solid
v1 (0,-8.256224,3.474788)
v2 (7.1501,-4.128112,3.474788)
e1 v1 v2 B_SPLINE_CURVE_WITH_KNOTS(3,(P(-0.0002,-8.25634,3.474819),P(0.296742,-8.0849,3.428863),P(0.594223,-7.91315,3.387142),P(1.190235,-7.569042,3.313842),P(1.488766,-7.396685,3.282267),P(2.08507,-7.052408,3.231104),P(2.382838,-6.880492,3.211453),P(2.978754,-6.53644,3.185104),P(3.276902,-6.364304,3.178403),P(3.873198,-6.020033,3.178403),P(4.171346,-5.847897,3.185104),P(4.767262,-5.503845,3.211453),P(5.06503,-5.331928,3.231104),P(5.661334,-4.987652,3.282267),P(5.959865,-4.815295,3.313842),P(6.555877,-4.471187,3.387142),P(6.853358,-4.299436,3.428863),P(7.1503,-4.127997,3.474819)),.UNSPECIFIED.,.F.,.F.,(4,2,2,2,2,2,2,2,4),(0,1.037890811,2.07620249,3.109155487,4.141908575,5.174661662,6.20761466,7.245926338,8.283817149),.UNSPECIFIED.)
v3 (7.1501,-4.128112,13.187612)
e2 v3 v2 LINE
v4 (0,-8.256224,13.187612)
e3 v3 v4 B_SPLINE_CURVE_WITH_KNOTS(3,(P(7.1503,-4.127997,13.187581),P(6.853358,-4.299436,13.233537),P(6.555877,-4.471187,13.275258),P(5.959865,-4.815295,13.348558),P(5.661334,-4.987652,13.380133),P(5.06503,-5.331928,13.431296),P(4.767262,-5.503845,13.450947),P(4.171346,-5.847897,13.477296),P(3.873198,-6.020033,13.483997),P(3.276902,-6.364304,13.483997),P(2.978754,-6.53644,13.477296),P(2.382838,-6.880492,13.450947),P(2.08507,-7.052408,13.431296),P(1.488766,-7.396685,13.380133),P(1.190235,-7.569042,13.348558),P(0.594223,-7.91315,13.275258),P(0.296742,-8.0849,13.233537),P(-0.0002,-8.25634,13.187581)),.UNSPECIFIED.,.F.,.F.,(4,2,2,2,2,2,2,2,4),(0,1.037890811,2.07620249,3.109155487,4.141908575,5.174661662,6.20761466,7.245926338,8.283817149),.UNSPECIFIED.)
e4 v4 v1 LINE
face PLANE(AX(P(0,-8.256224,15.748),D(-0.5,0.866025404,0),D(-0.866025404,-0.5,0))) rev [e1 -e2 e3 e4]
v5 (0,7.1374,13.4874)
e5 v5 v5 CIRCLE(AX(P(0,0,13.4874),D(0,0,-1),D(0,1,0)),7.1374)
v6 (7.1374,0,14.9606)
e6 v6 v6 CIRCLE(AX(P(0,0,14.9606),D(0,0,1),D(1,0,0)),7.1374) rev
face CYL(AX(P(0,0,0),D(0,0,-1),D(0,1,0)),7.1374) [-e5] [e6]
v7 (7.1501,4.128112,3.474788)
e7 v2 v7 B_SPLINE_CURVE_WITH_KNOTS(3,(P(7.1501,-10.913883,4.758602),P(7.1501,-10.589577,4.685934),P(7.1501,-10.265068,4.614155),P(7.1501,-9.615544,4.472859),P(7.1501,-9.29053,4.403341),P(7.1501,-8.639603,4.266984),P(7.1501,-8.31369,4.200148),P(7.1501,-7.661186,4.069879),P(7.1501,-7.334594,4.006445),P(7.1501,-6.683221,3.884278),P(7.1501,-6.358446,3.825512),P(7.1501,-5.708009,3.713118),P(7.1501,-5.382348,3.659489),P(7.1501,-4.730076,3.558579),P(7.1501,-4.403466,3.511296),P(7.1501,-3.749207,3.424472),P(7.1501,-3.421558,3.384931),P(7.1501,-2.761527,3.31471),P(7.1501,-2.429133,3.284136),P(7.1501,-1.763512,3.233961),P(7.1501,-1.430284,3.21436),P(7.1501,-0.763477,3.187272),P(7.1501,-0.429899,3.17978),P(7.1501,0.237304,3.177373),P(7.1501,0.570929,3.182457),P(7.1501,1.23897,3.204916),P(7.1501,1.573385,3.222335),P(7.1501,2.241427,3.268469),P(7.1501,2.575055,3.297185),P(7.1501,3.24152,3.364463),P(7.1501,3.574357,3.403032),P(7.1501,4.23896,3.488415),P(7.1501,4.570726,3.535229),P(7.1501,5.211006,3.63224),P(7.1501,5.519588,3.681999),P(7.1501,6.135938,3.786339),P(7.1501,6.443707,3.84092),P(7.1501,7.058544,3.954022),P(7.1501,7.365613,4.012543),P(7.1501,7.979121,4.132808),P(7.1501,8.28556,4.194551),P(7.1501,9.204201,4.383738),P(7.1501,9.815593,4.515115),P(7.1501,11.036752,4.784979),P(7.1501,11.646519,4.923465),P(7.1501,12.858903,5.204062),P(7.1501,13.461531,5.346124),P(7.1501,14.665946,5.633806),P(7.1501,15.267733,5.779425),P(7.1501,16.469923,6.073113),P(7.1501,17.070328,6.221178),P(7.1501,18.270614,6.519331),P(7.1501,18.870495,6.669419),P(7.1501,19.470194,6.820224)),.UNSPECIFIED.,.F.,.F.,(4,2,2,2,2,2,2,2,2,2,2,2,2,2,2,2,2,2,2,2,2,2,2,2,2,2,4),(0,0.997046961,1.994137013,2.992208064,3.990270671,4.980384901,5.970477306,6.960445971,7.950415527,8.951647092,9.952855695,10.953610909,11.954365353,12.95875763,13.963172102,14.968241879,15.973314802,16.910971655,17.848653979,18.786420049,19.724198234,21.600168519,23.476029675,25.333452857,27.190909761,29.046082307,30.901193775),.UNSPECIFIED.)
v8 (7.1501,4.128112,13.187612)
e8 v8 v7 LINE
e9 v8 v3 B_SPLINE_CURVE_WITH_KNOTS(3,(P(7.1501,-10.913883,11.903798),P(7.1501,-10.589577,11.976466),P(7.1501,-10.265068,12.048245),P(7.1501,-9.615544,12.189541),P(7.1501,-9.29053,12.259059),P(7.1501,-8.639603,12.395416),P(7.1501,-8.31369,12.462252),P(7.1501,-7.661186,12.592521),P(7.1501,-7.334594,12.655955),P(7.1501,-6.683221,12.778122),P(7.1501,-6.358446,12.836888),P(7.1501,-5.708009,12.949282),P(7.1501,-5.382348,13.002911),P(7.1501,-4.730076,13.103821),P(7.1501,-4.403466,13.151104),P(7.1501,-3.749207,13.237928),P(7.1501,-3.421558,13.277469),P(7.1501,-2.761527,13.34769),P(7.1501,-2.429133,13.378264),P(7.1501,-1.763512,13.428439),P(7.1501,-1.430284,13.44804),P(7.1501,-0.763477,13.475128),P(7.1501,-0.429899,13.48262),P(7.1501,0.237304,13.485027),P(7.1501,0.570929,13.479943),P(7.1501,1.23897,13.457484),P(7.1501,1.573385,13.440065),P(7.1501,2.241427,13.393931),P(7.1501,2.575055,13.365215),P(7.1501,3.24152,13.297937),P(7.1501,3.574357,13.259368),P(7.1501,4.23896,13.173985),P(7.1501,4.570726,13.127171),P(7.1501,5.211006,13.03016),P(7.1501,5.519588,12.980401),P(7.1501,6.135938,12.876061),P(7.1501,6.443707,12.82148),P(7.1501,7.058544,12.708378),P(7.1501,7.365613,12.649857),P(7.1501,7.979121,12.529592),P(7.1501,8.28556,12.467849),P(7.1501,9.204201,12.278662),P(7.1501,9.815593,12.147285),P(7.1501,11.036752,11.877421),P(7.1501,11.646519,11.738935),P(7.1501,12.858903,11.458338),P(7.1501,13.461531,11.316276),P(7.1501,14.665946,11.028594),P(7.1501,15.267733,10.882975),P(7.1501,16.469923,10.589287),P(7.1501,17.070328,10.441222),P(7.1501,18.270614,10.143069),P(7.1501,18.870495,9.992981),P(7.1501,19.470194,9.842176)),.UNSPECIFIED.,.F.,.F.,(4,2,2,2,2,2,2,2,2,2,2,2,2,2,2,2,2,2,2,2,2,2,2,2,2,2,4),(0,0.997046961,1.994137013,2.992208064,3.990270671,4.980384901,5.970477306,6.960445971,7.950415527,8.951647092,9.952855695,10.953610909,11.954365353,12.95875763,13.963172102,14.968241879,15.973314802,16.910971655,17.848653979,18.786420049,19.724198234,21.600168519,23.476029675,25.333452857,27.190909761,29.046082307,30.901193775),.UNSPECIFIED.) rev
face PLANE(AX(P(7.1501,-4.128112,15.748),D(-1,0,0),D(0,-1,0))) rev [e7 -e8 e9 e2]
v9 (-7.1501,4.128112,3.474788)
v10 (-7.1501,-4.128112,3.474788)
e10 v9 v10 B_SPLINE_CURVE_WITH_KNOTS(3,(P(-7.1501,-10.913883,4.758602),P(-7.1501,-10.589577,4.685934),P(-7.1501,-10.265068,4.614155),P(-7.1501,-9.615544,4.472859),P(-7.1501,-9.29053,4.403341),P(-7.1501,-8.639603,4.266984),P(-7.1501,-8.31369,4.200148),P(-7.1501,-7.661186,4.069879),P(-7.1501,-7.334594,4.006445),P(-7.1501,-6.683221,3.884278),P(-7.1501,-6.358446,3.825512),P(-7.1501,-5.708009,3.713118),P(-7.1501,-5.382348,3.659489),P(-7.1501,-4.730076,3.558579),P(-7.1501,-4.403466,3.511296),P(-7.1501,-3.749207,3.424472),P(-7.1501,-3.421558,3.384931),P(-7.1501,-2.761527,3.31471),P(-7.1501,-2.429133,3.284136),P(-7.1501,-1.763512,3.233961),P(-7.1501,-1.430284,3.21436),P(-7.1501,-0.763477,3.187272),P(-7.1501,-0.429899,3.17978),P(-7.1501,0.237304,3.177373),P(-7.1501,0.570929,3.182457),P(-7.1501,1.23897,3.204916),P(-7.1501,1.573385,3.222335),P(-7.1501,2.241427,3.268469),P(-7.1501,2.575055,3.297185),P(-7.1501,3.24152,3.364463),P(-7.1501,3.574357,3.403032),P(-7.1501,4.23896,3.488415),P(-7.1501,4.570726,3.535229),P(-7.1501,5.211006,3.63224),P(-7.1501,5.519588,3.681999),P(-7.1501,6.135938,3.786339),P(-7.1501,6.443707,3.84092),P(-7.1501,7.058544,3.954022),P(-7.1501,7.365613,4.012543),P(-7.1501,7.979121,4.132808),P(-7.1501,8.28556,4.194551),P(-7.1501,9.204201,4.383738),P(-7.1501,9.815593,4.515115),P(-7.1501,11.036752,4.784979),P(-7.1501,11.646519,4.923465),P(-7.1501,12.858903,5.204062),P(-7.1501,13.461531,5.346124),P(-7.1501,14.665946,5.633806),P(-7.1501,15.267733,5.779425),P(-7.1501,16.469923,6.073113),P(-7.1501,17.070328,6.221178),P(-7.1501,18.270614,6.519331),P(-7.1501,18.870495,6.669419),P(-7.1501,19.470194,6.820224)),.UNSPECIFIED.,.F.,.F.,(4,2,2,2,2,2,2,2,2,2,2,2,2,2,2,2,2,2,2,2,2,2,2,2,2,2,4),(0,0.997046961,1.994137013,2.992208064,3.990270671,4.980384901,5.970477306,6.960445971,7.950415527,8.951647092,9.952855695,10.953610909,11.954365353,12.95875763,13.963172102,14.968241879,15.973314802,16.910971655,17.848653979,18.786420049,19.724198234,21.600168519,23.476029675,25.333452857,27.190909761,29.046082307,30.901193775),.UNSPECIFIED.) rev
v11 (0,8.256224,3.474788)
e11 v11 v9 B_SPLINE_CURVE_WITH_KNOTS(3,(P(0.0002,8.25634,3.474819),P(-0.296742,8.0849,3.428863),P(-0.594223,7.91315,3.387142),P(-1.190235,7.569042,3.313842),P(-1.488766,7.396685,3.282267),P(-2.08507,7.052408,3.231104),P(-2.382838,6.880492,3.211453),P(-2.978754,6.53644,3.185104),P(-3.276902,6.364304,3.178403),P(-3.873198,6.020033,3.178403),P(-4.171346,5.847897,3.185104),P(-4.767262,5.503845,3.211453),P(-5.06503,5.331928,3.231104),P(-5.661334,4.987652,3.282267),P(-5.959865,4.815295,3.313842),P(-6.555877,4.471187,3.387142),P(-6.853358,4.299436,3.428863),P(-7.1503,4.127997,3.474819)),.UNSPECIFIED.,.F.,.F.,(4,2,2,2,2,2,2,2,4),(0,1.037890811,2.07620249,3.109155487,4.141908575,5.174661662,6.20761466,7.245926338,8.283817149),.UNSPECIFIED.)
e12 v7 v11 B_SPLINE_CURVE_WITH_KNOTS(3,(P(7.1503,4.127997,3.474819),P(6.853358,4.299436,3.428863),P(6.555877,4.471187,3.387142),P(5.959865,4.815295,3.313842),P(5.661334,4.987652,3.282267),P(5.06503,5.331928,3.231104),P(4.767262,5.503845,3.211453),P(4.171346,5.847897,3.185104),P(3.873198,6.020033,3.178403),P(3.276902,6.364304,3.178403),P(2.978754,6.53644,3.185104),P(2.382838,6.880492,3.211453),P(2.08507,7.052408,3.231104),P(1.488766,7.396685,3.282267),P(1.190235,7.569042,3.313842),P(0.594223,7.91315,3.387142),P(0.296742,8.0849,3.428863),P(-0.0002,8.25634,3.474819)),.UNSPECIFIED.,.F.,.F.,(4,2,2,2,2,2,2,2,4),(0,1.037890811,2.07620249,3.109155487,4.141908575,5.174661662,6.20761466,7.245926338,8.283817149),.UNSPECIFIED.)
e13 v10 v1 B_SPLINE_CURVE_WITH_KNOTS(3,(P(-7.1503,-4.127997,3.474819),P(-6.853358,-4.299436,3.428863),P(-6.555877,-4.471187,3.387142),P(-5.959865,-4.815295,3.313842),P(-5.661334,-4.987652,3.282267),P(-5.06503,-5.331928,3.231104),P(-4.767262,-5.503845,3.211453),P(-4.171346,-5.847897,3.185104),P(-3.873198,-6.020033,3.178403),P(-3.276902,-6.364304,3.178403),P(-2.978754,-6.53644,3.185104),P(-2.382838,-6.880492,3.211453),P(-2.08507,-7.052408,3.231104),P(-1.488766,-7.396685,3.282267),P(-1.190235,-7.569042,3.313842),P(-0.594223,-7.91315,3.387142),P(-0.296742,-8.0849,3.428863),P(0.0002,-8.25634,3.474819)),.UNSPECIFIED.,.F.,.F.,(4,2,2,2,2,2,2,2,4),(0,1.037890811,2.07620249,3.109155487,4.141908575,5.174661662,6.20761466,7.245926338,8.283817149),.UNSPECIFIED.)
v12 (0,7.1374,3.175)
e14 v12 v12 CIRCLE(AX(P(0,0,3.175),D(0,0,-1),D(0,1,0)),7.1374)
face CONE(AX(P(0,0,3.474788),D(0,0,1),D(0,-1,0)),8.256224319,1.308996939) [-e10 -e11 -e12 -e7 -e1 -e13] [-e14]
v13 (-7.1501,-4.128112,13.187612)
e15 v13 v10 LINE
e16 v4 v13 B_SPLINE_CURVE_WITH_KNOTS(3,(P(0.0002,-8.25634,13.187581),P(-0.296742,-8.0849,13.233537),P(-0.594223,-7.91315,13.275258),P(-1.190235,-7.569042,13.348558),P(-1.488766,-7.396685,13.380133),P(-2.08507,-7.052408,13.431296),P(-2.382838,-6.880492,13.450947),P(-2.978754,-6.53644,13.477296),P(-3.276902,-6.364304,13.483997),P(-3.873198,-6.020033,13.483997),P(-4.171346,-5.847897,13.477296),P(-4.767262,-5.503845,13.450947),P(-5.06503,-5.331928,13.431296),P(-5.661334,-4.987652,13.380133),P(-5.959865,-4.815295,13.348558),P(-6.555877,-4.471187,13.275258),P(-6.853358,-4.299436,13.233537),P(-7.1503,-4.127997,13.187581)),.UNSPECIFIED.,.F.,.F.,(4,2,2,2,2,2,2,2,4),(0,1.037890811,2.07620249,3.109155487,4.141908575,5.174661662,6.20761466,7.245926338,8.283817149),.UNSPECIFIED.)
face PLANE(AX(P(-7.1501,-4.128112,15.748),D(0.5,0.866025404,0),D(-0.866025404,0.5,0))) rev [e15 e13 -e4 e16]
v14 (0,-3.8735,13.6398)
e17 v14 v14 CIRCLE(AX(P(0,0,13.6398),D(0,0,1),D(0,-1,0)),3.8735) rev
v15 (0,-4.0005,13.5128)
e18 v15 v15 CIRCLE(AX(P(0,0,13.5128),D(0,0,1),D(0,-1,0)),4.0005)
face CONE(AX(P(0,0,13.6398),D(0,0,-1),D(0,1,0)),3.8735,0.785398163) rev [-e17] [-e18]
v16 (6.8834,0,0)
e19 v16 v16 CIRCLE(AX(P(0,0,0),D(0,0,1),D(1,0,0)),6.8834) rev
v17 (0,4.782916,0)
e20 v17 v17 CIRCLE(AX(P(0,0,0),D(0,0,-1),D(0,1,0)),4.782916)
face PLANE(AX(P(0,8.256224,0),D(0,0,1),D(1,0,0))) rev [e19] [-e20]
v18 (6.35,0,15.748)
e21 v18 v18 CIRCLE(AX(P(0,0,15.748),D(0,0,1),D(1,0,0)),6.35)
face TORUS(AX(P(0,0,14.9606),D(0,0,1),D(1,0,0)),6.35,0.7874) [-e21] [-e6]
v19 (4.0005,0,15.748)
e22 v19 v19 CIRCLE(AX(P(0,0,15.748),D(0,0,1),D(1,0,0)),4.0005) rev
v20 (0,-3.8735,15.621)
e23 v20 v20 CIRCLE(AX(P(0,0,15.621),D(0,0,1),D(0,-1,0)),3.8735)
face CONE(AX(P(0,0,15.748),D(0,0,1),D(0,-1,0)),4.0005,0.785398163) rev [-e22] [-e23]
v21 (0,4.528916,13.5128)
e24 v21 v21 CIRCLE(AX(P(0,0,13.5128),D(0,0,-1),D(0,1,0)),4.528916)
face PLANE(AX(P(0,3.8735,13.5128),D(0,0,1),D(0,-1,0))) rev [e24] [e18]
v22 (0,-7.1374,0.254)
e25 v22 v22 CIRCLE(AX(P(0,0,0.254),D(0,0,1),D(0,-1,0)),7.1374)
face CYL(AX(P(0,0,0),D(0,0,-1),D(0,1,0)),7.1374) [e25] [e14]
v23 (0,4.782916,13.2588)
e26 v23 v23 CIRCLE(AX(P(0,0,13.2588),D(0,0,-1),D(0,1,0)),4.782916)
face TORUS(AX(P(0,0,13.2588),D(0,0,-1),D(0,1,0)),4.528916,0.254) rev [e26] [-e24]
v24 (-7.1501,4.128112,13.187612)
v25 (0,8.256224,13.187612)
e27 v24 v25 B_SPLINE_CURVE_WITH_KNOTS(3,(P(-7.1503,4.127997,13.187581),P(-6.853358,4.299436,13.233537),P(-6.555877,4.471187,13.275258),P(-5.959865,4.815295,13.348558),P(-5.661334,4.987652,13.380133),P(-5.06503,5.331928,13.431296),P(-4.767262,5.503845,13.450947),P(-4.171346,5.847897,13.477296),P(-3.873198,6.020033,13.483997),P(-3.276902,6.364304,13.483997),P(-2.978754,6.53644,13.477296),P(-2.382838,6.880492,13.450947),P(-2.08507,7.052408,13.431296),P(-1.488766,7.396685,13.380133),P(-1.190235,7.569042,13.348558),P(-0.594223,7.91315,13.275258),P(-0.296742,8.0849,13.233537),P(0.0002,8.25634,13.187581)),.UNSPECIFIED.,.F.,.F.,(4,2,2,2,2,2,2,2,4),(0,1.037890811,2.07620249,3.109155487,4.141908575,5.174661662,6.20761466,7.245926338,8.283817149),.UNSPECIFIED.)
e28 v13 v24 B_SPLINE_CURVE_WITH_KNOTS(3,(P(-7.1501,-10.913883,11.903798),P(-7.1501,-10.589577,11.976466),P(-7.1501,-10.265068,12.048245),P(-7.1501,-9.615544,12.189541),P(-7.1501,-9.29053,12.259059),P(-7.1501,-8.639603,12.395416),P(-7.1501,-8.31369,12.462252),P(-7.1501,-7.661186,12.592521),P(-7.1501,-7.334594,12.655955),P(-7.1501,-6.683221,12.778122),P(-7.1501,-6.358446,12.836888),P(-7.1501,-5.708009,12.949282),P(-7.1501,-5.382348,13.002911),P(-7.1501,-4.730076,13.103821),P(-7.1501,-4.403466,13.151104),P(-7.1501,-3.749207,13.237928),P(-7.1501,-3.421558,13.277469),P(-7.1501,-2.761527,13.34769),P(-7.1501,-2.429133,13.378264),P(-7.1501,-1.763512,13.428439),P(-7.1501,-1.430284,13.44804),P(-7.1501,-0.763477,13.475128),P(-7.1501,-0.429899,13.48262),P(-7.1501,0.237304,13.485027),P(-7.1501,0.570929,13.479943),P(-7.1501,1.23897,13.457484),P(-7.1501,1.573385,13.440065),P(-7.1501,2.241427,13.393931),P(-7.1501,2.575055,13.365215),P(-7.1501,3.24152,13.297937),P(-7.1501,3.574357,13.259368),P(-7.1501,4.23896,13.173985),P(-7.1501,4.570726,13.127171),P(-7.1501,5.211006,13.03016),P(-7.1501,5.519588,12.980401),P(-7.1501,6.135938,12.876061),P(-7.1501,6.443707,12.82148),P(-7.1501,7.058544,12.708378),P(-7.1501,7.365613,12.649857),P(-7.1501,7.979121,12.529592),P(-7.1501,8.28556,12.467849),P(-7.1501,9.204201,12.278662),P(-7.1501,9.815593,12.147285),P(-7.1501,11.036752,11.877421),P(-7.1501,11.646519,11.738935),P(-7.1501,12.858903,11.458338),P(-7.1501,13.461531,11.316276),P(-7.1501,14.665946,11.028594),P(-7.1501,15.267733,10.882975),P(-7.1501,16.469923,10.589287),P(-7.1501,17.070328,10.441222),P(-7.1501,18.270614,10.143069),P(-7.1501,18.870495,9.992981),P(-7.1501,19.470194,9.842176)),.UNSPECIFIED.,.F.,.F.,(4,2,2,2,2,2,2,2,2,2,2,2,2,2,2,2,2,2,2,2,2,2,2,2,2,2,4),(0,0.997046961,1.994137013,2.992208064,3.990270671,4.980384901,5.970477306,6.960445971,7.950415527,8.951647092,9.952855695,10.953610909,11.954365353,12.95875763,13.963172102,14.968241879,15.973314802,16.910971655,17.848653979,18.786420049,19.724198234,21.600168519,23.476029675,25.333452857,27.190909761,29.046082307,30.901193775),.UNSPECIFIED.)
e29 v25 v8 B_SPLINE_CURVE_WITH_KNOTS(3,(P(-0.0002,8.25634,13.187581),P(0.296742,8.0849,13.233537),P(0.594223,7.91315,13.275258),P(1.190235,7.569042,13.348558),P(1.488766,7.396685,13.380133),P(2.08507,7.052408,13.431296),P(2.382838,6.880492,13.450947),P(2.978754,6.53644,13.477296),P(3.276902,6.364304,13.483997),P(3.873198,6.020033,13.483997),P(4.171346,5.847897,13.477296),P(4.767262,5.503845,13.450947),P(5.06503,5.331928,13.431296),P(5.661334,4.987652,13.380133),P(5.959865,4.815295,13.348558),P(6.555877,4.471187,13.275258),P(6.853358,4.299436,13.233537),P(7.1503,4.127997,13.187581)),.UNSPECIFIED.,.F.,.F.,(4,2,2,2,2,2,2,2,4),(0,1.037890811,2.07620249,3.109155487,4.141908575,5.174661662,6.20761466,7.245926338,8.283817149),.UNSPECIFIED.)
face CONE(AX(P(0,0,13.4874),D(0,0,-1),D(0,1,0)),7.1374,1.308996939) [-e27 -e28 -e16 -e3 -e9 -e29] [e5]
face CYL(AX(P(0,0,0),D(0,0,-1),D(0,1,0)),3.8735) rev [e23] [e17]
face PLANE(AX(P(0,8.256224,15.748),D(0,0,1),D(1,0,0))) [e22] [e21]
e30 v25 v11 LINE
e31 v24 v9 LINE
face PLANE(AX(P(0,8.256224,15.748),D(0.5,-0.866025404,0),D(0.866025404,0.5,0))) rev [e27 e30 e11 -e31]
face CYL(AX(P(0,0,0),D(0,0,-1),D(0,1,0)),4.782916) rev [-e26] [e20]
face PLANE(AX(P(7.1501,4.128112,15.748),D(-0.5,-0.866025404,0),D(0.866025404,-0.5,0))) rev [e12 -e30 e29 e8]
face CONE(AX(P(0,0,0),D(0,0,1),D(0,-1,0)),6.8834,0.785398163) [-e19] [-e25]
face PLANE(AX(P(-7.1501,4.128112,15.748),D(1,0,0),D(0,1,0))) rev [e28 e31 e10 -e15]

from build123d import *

# Parameters (mm, degrees)
BOSS_EXTRUDE1_DEPTH = 15.748
FILLET1_R           = 0.7874
CHAMFER1_SIZE       = 0.254
CHAMFER2_SIZE       = 0.127


with BuildPart() as part:
    # Sketch1 → Boss-Extrude1 (new body)
    with BuildSketch(Plane.XY):
        Polygon((0, 8.256224319), (-7.1501, 4.12811216), (-7.1501, -4.12811216), (0, -8.256224319), (7.1501, -4.12811216), (7.1501, 4.12811216), align=None)
    extrude(amount=BOSS_EXTRUDE1_DEPTH)

    # Sketch2 → Cut-Revolve1 (revolve, cut)
    with BuildSketch(Plane(origin=(0, 0, 0), x_dir=(0, 0, -1), z_dir=(1, 0, 0))):
        Polygon((-15.748, 9.375048639), (-15.748, 7.1374), (-13.4874, 7.1374), (-13.187611927, 8.256224319), (-3.474788073, 8.256224319), (-3.175, 7.1374), (0, 7.1374), (0, 9.375048639), align=None)
        with BuildLine():
            Line((-15.748, 3.8735), (-15.748, 0))
            Line((-15.748, 0), (0, 0))
            Line((0, 0), (0, 4.782916378))
            Line((0, 4.782916378), (-13.2588, 4.782916378))
            ThreePointArc((-13.2588, 4.782916378), (-13.438405122, 4.7085215), (-13.5128, 4.528916378))
            Line((-13.5128, 4.528916378), (-13.5128, 3.8735))
            Line((-13.5128, 3.8735), (-15.748, 3.8735))
        make_face()
    revolve(axis=Axis((0, 0, 0), (0, 0, 1)), mode=Mode.SUBTRACT)

    # Fillet1
    fillet1_edges = [part.edges().sort_by_distance(p)[0] for p in [
        (0, -7.1374, 15.748),
    ]]
    fillet(fillet1_edges, radius=FILLET1_R)

    # Chamfer1
    chamfer1_edges = [part.edges().sort_by_distance(p)[0] for p in [
        (0, -7.1374, 0),
    ]]
    chamfer(chamfer1_edges, length=CHAMFER1_SIZE)

    # Chamfer2
    chamfer2_edges = [part.edges().sort_by_distance(p)[0] for p in [
        (0, -3.8735, 15.748),
        (0, -3.8735, 13.5128),
    ]]
    chamfer(chamfer2_edges, length=CHAMFER2_SIZE)


solid = part.part
